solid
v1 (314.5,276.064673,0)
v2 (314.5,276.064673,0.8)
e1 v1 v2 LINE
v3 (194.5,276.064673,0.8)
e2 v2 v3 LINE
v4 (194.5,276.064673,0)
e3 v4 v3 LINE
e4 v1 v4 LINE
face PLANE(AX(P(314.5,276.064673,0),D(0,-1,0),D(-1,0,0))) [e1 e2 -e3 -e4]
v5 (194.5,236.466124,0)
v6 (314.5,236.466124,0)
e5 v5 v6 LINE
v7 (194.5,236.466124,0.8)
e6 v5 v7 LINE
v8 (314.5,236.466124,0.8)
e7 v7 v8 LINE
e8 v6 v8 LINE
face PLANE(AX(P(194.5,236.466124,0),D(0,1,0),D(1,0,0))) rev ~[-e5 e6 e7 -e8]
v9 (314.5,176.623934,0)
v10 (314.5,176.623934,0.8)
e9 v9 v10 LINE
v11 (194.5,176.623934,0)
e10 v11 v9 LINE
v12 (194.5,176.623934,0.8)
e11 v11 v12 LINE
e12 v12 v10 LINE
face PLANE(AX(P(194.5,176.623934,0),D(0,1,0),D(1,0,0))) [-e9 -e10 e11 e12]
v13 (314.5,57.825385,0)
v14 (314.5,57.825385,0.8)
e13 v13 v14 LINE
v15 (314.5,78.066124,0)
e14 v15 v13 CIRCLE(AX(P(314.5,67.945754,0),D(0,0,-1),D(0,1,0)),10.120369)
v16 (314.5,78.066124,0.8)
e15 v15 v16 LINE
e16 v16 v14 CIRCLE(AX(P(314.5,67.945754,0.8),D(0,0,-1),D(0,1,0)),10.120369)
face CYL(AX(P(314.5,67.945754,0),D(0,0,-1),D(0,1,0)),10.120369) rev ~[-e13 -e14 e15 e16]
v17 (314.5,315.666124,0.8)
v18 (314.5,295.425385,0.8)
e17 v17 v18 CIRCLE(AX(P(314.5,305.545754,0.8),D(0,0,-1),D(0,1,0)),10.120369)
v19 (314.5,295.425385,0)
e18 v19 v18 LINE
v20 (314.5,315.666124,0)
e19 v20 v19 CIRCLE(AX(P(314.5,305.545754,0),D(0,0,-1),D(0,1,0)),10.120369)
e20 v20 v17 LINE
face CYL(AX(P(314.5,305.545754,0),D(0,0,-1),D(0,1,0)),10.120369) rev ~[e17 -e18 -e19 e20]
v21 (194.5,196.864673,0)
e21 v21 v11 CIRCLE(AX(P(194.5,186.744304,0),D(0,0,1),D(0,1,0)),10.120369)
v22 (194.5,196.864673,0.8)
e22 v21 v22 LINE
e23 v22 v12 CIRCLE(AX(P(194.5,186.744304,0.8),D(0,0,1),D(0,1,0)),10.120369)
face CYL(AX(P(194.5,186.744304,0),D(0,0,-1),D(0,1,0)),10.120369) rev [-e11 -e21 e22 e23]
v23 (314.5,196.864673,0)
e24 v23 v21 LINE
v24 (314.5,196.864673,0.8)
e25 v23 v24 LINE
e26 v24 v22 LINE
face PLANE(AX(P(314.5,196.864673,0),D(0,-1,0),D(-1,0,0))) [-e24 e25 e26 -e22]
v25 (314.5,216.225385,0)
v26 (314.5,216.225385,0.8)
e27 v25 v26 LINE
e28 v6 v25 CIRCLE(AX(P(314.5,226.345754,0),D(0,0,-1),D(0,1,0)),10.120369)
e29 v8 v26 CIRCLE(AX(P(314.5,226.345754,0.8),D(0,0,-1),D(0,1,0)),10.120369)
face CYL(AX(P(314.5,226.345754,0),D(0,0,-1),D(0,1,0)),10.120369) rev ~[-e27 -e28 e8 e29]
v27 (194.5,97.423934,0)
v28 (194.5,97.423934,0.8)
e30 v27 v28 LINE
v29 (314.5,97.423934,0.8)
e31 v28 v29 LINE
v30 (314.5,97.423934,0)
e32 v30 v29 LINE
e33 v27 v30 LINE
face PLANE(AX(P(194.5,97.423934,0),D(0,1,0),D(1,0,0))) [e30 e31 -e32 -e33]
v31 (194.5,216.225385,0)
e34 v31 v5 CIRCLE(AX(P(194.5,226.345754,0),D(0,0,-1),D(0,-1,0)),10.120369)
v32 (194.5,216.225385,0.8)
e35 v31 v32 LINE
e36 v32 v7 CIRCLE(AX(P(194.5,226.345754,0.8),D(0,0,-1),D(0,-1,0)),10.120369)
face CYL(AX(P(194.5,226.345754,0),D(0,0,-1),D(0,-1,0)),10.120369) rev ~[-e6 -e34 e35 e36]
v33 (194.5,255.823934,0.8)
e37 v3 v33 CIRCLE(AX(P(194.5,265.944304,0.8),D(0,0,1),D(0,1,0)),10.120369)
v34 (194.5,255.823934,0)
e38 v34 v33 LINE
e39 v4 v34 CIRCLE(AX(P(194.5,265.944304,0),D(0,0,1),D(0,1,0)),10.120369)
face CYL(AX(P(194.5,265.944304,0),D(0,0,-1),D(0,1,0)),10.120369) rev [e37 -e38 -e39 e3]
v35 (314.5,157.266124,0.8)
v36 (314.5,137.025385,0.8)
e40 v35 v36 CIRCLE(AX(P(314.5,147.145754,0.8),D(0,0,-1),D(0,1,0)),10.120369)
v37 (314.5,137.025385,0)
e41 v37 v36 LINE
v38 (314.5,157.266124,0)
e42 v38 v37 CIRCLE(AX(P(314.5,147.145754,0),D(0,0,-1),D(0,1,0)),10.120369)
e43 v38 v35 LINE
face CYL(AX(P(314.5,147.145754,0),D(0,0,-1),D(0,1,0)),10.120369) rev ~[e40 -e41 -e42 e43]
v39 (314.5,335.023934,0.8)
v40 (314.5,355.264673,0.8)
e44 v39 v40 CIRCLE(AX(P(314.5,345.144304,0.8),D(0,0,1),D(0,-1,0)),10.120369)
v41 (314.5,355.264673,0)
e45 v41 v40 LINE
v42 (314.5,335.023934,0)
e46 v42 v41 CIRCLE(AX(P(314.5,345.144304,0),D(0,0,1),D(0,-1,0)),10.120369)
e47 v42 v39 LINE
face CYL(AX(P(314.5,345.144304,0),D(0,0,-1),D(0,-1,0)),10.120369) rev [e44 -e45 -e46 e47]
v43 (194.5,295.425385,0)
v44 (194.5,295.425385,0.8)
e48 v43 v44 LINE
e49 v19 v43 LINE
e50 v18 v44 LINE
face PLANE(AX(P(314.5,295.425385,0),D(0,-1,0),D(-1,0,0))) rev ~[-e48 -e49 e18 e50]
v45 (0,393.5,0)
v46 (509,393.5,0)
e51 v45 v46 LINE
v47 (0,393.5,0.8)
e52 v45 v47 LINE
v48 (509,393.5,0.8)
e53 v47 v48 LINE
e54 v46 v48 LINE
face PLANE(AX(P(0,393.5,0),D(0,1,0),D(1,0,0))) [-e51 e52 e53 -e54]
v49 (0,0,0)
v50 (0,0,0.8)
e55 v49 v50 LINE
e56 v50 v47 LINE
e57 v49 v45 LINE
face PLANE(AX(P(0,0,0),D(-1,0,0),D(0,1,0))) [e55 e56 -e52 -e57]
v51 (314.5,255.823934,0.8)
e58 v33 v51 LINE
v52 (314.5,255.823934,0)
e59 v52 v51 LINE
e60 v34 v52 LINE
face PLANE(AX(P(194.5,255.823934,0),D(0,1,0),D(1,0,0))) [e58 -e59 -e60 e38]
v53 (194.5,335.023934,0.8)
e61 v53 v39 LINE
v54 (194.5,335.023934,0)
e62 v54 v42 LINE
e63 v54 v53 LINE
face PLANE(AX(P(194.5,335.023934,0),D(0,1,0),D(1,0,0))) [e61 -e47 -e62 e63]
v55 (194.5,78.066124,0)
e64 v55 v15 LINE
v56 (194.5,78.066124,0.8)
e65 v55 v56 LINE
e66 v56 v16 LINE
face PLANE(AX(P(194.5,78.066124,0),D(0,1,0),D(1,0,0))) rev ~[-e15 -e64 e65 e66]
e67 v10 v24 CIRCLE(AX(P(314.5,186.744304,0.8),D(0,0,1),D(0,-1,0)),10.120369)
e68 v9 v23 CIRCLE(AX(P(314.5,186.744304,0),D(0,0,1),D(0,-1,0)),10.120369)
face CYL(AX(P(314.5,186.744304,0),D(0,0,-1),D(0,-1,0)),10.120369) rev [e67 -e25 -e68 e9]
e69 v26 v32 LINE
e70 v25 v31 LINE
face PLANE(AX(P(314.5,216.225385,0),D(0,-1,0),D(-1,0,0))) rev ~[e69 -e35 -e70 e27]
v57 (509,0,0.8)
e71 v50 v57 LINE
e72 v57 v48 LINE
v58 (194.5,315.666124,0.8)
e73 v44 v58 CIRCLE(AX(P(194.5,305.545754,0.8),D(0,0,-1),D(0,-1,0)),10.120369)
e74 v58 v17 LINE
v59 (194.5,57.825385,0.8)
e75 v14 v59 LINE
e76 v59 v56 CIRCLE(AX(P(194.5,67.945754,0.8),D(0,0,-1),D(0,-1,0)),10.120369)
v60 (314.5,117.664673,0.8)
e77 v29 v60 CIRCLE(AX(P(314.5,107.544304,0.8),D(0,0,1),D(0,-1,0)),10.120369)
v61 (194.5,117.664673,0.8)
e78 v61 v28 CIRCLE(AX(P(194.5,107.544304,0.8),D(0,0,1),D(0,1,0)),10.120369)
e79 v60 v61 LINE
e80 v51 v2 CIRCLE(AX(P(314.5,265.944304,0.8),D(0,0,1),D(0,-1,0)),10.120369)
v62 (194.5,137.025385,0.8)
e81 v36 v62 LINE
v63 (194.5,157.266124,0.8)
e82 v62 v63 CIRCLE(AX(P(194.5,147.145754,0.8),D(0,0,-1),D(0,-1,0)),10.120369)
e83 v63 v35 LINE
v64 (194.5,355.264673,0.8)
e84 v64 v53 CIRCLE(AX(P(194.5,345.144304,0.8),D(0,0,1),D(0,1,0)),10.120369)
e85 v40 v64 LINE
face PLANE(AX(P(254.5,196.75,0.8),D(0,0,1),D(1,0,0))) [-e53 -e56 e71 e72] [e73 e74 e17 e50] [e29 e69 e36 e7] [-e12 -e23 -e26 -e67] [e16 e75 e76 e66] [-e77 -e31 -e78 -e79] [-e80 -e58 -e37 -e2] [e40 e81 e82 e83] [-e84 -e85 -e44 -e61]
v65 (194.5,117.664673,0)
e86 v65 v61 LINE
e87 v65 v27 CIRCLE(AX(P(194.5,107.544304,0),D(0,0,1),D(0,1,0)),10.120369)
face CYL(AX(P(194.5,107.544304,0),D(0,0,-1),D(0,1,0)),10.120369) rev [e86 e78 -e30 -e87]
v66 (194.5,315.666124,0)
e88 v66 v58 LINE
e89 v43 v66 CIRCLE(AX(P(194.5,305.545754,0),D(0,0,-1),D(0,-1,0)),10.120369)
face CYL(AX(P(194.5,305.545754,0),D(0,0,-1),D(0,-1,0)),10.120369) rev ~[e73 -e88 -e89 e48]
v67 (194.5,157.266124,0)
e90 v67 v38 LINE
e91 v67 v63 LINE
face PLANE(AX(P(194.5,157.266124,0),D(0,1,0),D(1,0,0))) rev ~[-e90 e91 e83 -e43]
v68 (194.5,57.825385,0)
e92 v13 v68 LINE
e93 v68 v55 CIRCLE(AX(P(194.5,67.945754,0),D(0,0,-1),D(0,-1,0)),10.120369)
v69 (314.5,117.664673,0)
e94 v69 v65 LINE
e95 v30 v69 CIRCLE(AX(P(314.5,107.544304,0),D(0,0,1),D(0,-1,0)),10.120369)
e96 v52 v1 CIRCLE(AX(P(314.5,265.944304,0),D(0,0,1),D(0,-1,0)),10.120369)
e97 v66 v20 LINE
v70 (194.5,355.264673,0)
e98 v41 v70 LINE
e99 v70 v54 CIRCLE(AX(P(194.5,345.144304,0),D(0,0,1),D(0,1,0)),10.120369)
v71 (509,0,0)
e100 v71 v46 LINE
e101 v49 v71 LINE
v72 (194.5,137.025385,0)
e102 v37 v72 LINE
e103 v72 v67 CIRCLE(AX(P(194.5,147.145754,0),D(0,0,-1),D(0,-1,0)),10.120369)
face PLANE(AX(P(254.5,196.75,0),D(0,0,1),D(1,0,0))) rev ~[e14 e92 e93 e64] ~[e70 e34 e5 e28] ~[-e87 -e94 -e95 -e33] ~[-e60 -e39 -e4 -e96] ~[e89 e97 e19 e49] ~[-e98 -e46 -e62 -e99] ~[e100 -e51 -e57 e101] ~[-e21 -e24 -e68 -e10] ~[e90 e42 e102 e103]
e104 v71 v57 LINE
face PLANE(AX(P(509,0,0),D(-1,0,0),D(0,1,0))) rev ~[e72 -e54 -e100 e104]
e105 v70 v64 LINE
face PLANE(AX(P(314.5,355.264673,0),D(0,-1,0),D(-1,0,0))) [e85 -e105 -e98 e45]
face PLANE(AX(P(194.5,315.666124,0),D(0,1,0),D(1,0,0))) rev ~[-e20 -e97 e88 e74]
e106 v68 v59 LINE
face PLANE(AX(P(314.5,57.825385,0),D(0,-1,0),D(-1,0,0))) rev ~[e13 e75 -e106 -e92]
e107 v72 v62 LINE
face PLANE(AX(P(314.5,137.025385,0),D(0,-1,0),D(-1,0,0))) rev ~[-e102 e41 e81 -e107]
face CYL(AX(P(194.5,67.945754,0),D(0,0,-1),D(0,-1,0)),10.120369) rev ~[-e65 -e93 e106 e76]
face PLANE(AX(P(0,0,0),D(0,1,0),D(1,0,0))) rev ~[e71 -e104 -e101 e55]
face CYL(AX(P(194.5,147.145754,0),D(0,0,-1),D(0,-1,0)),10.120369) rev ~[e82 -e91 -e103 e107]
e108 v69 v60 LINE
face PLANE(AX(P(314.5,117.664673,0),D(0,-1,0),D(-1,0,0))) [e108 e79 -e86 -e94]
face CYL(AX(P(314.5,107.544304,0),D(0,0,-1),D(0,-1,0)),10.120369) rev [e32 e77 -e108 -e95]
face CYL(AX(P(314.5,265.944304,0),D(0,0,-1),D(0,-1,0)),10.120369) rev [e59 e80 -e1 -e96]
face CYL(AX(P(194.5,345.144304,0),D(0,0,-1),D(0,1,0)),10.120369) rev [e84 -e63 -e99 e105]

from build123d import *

# Parameters (mm, degrees)
SKETCH1_W           = 509
SKETCH1_H           = 393.5
BOSS_EXTRUDE1_DEPTH = 0.8


with BuildPart() as part:
    # Sketch1 → Boss-Extrude1 (new body)
    with BuildSketch(Plane.XY):
        with Locations((254.5, 196.75)):
            Rectangle(SKETCH1_W, SKETCH1_H)
        with BuildLine():
            ThreePointArc((314.5, 97.423934246), (324.620369271, 107.544303517), (314.5, 117.664672788))
            Line((314.5, 117.664672788), (194.5, 117.664672788))
            ThreePointArc((194.5, 117.664672788), (184.379630729, 107.544303517), (194.5, 97.423934246))
            Line((194.5, 97.423934246), (314.5, 97.423934246))
        make_face(mode=Mode.SUBTRACT)
        with BuildLine():
            ThreePointArc((314.5, 176.623934246), (324.620369271, 186.744303517), (314.5, 196.864672788))
            Line((314.5, 196.864672788), (194.5, 196.864672788))
            ThreePointArc((194.5, 196.864672788), (184.379630729, 186.744303517), (194.5, 176.623934246))
            Line((194.5, 176.623934246), (314.5, 176.623934246))
        make_face(mode=Mode.SUBTRACT)
        with BuildLine():
            ThreePointArc((314.5, 255.823934246), (324.620369271, 265.944303517), (314.5, 276.064672788))
            Line((314.5, 276.064672788), (194.5, 276.064672788))
            ThreePointArc((194.5, 276.064672788), (184.379630729, 265.944303517), (194.5, 255.823934246))
            Line((194.5, 255.823934246), (314.5, 255.823934246))
        make_face(mode=Mode.SUBTRACT)
        with BuildLine():
            ThreePointArc((314.5, 335.023934246), (324.620369271, 345.144303517), (314.5, 355.264672788))
            Line((314.5, 355.264672788), (194.5, 355.264672788))
            ThreePointArc((194.5, 355.264672788), (184.379630729, 345.144303517), (194.5, 335.023934246))
            Line((194.5, 335.023934246), (314.5, 335.023934246))
        make_face(mode=Mode.SUBTRACT)
        with BuildLine():
            Line((194.5, 315.666123662), (314.5, 315.666123662))
            ThreePointArc((314.5, 315.666123662), (324.620369271, 305.545754391), (314.5, 295.42538512))
            Line((314.5, 295.42538512), (194.5, 295.42538512))
            ThreePointArc((194.5, 295.42538512), (184.379630729, 305.545754391), (194.5, 315.666123662))
        make_face(mode=Mode.SUBTRACT)
        with BuildLine():
            Line((194.5, 236.466123662), (314.5, 236.466123662))
            ThreePointArc((314.5, 236.466123662), (324.620369271, 226.345754391), (314.5, 216.22538512))
            Line((314.5, 216.22538512), (194.5, 216.22538512))
            ThreePointArc((194.5, 216.22538512), (184.379630729, 226.345754391), (194.5, 236.466123662))
        make_face(mode=Mode.SUBTRACT)
        with BuildLine():
            Line((194.5, 157.266123662), (314.5, 157.266123662))
            ThreePointArc((314.5, 157.266123662), (324.620369271, 147.145754391), (314.5, 137.02538512))
            Line((314.5, 137.02538512), (194.5, 137.02538512))
            ThreePointArc((194.5, 137.02538512), (184.379630729, 147.145754391), (194.5, 157.266123662))
        make_face(mode=Mode.SUBTRACT)
        with BuildLine():
            Line((194.5, 78.066123662), (314.5, 78.066123662))
            ThreePointArc((314.5, 78.066123662), (324.620369271, 67.945754391), (314.5, 57.82538512))
            Line((314.5, 57.82538512), (194.5, 57.82538512))
            ThreePointArc((194.5, 57.82538512), (184.379630729, 67.945754391), (194.5, 78.066123662))
        make_face(mode=Mode.SUBTRACT)
    extrude(amount=BOSS_EXTRUDE1_DEPTH)


solid = part.part
